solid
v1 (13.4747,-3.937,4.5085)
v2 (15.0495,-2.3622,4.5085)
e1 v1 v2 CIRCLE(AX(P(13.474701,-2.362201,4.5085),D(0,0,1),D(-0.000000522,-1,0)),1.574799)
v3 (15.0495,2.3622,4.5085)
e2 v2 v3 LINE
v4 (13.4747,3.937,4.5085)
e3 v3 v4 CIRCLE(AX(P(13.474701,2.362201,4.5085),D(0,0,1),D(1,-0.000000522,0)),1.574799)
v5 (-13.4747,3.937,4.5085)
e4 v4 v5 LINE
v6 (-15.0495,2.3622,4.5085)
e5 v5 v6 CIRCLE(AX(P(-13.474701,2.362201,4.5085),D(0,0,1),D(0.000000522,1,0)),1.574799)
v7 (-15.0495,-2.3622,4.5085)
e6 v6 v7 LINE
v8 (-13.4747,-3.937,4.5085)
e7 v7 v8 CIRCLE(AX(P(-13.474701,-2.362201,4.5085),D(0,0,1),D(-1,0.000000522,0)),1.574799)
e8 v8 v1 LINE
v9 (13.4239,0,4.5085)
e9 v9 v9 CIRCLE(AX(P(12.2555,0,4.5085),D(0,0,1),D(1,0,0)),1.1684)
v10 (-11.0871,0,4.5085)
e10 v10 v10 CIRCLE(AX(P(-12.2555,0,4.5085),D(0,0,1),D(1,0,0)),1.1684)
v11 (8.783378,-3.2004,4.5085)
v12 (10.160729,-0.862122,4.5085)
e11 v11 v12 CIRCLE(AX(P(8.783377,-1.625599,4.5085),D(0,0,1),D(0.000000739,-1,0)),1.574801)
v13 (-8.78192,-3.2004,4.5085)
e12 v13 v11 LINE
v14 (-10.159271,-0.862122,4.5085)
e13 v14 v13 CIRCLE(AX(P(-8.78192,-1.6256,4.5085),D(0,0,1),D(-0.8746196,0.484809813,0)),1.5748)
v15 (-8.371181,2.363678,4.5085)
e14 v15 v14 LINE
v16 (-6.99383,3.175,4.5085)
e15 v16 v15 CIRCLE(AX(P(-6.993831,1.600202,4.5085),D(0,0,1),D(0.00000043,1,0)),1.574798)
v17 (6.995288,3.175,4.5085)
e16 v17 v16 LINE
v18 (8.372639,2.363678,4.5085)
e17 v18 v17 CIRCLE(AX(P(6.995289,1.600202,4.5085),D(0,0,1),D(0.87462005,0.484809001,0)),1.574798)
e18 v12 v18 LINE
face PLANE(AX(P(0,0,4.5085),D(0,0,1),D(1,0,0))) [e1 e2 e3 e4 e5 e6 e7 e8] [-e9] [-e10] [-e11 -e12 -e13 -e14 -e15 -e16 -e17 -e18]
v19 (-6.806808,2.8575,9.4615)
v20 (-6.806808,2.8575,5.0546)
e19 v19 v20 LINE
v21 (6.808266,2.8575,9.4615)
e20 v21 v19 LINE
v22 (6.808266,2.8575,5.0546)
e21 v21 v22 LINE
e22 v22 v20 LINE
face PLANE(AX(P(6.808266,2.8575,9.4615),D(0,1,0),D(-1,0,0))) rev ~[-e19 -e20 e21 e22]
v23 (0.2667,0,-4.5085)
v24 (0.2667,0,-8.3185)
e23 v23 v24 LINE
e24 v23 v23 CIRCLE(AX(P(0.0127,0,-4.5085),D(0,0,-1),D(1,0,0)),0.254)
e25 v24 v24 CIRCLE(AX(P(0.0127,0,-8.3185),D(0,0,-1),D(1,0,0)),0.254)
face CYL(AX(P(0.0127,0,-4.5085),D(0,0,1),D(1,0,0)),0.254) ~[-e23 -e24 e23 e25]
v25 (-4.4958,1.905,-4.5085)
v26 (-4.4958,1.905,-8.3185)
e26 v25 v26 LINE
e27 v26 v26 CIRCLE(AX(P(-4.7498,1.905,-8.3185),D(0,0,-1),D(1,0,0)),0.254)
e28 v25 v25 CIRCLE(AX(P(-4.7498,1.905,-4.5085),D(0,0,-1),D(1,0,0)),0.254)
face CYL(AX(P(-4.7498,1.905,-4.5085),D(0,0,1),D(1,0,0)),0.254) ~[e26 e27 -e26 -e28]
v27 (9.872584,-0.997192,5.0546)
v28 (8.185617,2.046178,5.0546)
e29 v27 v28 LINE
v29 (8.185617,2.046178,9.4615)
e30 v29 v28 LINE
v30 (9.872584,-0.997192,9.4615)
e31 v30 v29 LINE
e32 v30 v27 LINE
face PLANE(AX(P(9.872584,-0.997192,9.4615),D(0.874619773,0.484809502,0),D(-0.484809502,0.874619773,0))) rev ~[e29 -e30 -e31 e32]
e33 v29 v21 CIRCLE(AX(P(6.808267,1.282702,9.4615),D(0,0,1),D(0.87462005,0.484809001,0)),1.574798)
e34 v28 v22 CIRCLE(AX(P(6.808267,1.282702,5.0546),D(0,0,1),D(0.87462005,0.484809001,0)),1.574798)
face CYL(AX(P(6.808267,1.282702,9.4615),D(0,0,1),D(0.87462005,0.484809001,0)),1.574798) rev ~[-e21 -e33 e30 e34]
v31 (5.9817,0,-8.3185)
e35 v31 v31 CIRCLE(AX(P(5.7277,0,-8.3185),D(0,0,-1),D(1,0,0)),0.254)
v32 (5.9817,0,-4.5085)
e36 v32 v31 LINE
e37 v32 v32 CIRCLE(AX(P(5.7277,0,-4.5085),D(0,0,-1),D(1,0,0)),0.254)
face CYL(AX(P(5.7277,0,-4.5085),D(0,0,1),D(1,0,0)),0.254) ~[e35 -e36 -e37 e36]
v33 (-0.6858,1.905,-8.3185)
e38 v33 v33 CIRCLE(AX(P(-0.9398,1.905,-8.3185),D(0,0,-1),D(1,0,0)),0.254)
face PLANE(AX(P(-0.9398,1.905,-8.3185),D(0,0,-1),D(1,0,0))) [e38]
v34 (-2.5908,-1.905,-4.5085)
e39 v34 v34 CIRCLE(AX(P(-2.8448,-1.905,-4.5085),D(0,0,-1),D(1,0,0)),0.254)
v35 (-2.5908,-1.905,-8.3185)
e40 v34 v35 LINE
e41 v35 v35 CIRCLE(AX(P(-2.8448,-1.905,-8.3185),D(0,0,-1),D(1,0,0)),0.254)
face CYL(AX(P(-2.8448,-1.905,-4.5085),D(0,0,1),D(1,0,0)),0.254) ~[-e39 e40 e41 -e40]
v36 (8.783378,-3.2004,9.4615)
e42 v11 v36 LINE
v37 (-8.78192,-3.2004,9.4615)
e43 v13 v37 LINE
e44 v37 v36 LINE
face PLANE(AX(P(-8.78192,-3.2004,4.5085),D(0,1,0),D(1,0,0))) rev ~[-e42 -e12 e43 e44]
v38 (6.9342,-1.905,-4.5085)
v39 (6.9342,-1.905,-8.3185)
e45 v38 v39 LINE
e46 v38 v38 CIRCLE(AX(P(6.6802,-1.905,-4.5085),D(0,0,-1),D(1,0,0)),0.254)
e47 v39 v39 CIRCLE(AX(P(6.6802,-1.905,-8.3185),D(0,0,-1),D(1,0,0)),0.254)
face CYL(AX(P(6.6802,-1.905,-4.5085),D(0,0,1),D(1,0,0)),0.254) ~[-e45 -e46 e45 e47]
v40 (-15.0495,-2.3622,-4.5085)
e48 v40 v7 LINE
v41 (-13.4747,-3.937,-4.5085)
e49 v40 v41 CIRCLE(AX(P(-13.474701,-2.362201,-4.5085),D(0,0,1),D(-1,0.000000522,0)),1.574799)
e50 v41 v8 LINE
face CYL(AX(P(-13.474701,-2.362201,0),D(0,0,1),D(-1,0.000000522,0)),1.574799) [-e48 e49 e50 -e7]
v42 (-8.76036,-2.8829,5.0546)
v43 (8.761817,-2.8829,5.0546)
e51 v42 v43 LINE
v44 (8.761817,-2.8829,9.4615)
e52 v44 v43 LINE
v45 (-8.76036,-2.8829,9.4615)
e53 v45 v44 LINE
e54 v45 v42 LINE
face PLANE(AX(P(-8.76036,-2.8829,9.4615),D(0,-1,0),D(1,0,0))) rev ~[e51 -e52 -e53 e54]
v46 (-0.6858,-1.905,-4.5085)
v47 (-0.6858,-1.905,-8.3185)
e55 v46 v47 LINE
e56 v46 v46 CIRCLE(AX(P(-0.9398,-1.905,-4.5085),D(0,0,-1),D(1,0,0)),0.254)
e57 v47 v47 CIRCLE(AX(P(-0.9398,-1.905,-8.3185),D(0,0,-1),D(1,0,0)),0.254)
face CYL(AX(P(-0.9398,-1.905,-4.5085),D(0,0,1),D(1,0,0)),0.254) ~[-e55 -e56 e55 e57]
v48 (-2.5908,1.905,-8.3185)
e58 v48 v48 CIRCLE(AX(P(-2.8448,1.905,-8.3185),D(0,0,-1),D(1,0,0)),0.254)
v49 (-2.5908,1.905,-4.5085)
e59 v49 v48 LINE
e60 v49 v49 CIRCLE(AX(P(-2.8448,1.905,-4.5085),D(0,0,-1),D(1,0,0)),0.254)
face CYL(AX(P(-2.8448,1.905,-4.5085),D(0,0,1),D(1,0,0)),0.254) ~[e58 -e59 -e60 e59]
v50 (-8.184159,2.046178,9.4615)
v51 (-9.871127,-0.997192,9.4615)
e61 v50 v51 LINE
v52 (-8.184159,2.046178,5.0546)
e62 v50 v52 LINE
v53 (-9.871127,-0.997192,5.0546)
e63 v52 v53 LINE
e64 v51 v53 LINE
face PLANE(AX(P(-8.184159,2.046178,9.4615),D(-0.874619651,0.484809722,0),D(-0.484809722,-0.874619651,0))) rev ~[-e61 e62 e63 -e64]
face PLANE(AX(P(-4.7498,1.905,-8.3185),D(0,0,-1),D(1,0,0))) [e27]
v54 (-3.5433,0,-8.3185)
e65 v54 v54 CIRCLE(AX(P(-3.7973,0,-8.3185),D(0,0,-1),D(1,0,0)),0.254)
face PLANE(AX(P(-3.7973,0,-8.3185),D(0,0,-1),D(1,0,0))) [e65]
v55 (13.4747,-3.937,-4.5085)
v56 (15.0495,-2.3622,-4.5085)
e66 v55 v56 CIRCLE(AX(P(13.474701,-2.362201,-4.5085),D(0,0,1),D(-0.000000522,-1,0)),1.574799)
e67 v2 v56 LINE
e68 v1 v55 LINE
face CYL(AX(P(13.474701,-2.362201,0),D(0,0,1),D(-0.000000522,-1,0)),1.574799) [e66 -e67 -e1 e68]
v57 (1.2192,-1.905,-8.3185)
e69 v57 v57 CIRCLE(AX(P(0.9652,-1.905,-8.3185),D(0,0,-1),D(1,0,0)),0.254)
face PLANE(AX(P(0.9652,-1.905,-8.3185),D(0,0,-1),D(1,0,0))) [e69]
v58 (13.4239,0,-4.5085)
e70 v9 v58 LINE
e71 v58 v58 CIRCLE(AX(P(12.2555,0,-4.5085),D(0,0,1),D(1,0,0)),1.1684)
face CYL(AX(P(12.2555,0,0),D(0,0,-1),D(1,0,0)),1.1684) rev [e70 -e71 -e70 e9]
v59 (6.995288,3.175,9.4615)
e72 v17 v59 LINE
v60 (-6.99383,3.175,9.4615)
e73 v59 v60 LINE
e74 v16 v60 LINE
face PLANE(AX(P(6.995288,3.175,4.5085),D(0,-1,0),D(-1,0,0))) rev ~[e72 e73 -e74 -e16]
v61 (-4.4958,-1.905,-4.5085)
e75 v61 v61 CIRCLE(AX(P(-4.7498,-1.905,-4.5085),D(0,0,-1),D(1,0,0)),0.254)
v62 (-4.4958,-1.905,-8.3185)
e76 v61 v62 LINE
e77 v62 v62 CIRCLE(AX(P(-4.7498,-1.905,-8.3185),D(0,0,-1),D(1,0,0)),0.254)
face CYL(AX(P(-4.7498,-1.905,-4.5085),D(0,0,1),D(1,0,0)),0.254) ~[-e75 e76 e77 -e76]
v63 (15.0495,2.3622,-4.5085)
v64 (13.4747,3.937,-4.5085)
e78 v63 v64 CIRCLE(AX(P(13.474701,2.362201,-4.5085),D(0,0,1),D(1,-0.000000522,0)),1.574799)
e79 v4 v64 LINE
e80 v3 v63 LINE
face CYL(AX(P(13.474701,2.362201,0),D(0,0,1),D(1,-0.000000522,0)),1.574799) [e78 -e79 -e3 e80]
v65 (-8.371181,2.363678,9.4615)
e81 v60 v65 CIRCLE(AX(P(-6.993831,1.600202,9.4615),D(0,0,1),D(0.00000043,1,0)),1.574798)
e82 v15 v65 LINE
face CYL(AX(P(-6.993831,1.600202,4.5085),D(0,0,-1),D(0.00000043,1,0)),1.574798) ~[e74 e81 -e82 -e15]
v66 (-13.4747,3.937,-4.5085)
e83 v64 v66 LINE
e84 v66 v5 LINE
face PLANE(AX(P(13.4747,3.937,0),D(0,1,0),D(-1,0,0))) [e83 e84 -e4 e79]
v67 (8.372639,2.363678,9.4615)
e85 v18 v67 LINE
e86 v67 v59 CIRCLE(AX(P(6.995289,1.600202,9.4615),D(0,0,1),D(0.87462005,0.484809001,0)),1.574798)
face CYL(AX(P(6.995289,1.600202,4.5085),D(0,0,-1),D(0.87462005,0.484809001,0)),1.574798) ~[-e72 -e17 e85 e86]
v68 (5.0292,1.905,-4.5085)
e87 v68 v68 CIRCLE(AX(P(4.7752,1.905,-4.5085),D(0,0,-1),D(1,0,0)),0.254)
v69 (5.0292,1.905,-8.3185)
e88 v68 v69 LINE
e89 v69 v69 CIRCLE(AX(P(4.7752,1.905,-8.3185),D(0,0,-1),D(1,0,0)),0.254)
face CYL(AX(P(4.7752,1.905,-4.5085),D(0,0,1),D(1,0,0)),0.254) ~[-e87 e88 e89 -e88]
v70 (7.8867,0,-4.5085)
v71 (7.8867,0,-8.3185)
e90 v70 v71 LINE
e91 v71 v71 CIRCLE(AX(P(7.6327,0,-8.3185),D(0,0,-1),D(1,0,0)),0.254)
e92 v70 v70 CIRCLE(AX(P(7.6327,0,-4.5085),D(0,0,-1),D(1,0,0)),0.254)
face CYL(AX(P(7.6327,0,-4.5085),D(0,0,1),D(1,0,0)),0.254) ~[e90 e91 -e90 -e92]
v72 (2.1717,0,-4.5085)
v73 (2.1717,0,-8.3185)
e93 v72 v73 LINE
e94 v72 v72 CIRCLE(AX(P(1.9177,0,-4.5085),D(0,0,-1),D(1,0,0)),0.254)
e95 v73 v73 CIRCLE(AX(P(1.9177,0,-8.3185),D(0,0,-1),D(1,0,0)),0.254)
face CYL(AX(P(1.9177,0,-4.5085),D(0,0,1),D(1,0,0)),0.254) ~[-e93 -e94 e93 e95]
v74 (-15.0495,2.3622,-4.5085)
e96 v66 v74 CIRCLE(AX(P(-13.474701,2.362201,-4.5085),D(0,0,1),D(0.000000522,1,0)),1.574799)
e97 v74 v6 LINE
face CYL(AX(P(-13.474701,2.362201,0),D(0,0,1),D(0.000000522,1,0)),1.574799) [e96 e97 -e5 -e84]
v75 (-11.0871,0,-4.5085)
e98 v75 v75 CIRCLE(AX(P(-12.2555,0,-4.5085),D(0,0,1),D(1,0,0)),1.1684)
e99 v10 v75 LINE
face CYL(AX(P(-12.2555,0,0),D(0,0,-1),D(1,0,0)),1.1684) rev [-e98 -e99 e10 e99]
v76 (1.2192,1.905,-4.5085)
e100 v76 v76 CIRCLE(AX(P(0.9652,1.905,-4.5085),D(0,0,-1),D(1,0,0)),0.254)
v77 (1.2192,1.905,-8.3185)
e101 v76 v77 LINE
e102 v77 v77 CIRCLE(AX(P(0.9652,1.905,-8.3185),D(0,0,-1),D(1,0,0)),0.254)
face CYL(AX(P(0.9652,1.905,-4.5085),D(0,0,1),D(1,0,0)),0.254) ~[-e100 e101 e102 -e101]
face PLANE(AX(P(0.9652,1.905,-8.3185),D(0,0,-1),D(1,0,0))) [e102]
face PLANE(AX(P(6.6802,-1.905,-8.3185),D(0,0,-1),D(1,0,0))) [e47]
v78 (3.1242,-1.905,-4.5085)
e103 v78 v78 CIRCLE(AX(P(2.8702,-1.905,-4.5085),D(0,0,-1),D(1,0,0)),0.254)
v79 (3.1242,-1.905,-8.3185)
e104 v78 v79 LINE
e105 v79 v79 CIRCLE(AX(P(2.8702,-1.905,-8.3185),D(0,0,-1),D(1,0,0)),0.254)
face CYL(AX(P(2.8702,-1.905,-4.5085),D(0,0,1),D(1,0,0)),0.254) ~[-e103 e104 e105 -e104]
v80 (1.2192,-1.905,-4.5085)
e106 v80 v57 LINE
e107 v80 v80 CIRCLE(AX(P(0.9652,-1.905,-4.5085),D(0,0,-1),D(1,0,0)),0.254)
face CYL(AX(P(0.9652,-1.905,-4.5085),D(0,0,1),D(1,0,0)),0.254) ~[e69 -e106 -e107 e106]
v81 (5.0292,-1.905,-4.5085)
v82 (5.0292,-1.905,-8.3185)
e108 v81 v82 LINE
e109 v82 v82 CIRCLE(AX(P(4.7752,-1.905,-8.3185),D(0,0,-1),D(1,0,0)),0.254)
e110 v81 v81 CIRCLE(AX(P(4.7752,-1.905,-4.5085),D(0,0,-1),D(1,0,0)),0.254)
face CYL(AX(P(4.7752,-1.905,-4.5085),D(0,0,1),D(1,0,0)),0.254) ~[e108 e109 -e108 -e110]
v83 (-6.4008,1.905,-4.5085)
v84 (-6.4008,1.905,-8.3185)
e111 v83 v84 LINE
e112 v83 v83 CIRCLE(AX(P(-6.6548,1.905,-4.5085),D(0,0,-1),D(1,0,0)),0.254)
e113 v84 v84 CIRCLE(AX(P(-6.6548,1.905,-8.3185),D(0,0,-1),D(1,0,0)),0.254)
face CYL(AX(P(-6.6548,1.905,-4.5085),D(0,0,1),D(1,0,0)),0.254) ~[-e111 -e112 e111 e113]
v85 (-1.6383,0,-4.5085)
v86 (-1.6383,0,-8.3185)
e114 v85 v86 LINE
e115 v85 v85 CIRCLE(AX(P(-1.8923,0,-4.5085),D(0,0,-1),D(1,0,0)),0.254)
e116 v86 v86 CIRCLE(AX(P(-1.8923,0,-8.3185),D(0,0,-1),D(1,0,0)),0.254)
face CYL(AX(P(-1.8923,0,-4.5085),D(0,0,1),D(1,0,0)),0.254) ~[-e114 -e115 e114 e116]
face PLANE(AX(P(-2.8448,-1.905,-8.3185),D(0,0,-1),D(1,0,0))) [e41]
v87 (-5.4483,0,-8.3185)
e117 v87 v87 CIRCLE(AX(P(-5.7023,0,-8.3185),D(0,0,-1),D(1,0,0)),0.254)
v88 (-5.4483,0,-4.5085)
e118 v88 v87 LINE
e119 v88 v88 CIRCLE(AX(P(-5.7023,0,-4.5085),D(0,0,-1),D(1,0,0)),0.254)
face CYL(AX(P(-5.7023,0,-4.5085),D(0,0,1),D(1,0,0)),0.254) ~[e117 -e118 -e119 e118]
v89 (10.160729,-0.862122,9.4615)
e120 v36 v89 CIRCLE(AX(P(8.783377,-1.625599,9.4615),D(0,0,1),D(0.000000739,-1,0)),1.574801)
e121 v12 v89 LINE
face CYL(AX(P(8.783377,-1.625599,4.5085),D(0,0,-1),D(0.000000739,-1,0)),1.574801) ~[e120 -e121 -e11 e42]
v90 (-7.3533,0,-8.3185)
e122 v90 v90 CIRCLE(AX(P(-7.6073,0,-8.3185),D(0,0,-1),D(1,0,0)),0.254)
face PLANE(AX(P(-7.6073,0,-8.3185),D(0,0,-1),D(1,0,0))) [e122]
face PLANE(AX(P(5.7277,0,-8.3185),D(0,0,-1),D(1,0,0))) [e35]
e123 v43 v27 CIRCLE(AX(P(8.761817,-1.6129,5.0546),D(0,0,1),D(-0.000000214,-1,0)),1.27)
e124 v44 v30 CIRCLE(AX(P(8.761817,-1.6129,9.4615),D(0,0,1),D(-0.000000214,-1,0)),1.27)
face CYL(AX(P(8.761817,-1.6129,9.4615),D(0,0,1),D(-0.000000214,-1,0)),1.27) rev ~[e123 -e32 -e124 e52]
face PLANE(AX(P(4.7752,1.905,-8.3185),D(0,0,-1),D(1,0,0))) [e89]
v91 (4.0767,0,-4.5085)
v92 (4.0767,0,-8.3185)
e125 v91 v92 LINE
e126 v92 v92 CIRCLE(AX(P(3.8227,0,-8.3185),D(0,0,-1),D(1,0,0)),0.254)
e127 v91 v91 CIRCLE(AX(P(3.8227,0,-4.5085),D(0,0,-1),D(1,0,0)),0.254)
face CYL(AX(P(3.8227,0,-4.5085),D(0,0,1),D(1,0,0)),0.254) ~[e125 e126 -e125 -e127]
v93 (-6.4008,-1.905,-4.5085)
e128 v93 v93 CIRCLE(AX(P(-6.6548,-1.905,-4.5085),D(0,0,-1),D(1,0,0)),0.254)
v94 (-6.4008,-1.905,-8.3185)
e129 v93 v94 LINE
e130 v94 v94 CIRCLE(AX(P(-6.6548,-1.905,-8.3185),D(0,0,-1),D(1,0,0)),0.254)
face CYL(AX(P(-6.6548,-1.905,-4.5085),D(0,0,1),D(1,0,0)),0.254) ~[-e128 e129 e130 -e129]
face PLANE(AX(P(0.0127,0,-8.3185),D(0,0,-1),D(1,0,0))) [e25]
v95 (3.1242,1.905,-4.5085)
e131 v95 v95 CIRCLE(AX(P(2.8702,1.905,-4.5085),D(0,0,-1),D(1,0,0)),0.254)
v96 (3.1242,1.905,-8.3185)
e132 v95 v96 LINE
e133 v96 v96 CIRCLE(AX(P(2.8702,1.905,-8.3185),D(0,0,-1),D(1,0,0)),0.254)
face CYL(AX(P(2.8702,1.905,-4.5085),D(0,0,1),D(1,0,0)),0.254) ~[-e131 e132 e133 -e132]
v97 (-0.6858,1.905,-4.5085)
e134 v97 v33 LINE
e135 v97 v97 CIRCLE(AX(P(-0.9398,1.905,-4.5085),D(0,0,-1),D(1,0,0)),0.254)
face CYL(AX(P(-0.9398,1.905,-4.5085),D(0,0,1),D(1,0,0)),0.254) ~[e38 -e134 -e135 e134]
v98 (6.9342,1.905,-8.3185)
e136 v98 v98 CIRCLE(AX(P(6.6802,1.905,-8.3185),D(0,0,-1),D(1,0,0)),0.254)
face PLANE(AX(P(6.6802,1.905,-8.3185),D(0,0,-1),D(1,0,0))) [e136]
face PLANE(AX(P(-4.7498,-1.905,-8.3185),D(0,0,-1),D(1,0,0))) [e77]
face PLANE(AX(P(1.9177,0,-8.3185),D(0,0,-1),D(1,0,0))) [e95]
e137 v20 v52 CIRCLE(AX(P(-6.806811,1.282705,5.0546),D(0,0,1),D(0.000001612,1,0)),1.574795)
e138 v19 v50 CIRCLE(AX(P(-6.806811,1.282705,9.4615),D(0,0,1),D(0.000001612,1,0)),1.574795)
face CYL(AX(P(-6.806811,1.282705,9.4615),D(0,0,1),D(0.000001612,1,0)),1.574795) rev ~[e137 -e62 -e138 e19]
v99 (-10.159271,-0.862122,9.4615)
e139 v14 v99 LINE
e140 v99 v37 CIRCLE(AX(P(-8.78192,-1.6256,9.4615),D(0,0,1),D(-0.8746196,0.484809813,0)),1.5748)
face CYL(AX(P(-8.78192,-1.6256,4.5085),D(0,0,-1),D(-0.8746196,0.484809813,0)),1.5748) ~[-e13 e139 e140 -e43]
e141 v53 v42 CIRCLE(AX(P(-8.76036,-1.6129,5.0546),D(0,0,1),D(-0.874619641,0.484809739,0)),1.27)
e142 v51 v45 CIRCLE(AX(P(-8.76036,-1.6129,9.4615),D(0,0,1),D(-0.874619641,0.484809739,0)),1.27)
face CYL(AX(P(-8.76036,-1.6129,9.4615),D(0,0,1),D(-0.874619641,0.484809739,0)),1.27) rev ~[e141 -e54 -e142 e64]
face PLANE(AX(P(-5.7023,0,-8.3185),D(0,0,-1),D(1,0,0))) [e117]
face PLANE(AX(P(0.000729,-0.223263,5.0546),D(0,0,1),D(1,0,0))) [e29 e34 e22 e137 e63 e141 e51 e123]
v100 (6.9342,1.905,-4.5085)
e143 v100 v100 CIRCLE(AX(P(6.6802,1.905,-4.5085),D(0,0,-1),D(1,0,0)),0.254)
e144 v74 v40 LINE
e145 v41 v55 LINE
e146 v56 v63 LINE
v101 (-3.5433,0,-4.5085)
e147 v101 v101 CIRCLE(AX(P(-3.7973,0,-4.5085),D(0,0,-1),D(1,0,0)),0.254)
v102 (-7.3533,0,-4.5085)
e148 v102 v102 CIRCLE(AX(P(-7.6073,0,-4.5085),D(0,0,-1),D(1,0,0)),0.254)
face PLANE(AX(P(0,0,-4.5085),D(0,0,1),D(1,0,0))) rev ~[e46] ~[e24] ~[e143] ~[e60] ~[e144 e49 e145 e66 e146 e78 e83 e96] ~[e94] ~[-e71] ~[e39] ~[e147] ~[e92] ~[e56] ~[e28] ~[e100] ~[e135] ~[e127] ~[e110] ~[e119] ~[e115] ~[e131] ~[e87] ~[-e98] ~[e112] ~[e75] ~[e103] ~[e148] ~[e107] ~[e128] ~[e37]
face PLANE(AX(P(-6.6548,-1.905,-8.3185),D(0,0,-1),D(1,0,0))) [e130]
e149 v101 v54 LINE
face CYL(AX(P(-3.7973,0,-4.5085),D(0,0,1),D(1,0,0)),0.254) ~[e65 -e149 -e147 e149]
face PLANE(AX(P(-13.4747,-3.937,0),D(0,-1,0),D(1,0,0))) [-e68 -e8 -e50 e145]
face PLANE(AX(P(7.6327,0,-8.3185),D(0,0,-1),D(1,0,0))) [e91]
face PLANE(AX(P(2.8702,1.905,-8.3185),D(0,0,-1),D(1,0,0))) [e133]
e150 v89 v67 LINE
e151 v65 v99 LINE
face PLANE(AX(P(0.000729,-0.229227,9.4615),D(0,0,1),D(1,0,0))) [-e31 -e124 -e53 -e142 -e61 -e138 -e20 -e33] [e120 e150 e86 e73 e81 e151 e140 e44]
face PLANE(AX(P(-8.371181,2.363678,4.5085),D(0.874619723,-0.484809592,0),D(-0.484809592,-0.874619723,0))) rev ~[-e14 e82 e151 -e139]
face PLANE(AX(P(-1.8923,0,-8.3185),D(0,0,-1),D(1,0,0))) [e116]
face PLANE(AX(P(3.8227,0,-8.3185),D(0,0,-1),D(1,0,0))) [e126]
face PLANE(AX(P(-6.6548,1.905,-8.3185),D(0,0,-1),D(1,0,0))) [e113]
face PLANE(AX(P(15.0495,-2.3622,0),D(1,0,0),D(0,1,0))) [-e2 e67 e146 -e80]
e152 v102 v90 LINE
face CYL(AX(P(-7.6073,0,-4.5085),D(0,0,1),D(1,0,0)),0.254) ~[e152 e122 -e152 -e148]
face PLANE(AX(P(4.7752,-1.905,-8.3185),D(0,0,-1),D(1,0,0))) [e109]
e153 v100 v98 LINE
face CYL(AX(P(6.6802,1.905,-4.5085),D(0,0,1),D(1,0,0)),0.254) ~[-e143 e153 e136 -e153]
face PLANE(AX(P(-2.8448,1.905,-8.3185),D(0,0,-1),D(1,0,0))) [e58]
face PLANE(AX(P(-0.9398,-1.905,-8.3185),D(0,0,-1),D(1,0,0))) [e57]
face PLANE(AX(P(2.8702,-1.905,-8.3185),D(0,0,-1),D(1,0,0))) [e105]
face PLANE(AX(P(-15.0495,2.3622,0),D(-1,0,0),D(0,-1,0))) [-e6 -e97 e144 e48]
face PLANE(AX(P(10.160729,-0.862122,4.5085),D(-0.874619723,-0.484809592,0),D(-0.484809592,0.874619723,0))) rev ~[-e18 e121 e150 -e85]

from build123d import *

# Parameters (mm, degrees)
F0_R     = 1.1684
F1_DEPTH = 4.5085
F3_DEPTH = 4.953
F5_DEPTH = 4.4069
F6_R     = 0.254
F7_DEPTH = 3.81


with BuildPart() as f1:
    # F0 (on Top) → F1 (new body, symmetric)
    with BuildSketch(Plane.XY):
        with BuildLine():
            Line((13.4747, 3.937), (-13.4747, 3.937))
            ThreePointArc((-13.4747, 3.937), (-14.588252, 3.475752), (-15.0495, 2.3622))
            Line((-15.0495, 2.3622), (-15.0495, -2.3622))
            ThreePointArc((-15.0495, -2.3622), (-14.588252, -3.475752), (-13.4747, -3.937))
            Line((-13.4747, -3.937), (13.4747, -3.937))
            ThreePointArc((13.4747, -3.937), (14.588252, -3.475752), (15.0495, -2.3622))
            Line((15.0495, -2.3622), (15.0495, 2.3622))
            ThreePointArc((15.0495, 2.3622), (14.588252, 3.475752), (13.4747, 3.937))
        make_face()
        with Locations((-12.2555, 0)):
            Circle(F0_R, mode=Mode.SUBTRACT)
        with Locations((12.2555, 0)):
            Circle(F0_R, mode=Mode.SUBTRACT)
    extrude(amount=F1_DEPTH, both=True)

    # F2 (on face) → F3 (join)
    with BuildSketch(Plane.XY.offset(4.5085)):
        with BuildLine():
            Line((-8.78192, -3.2004), (8.783378, -3.2004))
            ThreePointArc((8.783378, -3.2004), (10.140271, -2.424871), (10.160729, -0.862122))
            Line((10.160729, -0.862122), (8.372639, 2.363678))
            ThreePointArc((8.372639, 2.363678), (7.794559, 2.957094), (6.995288, 3.175))
            Line((6.995288, 3.175), (-6.99383, 3.175))
            ThreePointArc((-6.99383, 3.175), (-7.793101, 2.957094), (-8.371181, 2.363678))
            Line((-8.371181, 2.363678), (-10.159271, -0.862122))
            ThreePointArc((-10.159271, -0.862122), (-10.138814, -2.424871), (-8.78192, -3.2004))
        make_face()
    extrude(amount=F3_DEPTH)

    # F4 (on face) → F5 (cut)
    with BuildSketch(Plane.XY.offset(9.4615)):
        with BuildLine():
            Line((6.808266, 2.8575), (-6.806808, 2.8575))
            ThreePointArc((-6.806808, 2.8575), (-7.60608, 2.639594), (-8.184159, 2.046178))
            Line((-8.184159, 2.046178), (-9.871127, -0.997192))
            ThreePointArc((-9.871127, -0.997192), (-9.854629, -2.257474), (-8.76036, -2.8829))
            Line((-8.76036, -2.8829), (8.761817, -2.8829))
            ThreePointArc((8.761817, -2.8829), (9.856086, -2.257474), (9.872584, -0.997192))
            Line((9.872584, -0.997192), (8.185617, 2.046178))
            ThreePointArc((8.185617, 2.046178), (7.607537, 2.639594), (6.808266, 2.8575))
        make_face()
    extrude(amount=-F5_DEPTH, mode=Mode.SUBTRACT)

    # F6 (on face) → F7 (join)
    with BuildSketch(Plane(origin=(0, 0, -4.5085), x_dir=(1, 0, 0), z_dir=(0, 0, -1))):
        with Locations((-6.6548, 1.905)):
            Circle(F6_R)
        with Locations((-4.7498, 1.905)):
            Circle(F6_R)
        with Locations((-2.8448, 1.905)):
            Circle(F6_R)
        with Locations((-0.9398, 1.905)):
            Circle(F6_R)
        with Locations((0.9652, 1.905)):
            Circle(F6_R)
        with Locations((2.8702, 1.905)):
            Circle(F6_R)
        with Locations((4.7752, 1.905)):
            Circle(F6_R)
        with Locations((6.6802, 1.905)):
            Circle(F6_R)
        with Locations((-7.6073, 0)):
            Circle(F6_R)
        with Locations((-5.7023, 0)):
            Circle(F6_R)
        with Locations((-3.7973, 0)):
            Circle(F6_R)
        with Locations((-1.8923, 0)):
            Circle(F6_R)
        with Locations((0.0127, 0)):
            Circle(F6_R)
        with Locations((1.9177, 0)):
            Circle(F6_R)
        with Locations((-6.6548, -1.905)):
            Circle(F6_R)
        with Locations((-4.7498, -1.905)):
            Circle(F6_R)
        with Locations((-2.8448, -1.905)):
            Circle(F6_R)
        with Locations((-0.9398, -1.905)):
            Circle(F6_R)
        with Locations((0.9652, -1.905)):
            Circle(F6_R)
        with Locations((2.8702, -1.905)):
            Circle(F6_R)
        with Locations((3.8227, 0)):
            Circle(F6_R)
        with Locations((5.7277, 0)):
            Circle(F6_R)
        with Locations((7.6327, 0)):
            Circle(F6_R)
        with Locations((4.7752, -1.905)):
            Circle(F6_R)
        with Locations((6.6802, -1.905)):
            Circle(F6_R)
    extrude(amount=F7_DEPTH)


solid = f1.part
